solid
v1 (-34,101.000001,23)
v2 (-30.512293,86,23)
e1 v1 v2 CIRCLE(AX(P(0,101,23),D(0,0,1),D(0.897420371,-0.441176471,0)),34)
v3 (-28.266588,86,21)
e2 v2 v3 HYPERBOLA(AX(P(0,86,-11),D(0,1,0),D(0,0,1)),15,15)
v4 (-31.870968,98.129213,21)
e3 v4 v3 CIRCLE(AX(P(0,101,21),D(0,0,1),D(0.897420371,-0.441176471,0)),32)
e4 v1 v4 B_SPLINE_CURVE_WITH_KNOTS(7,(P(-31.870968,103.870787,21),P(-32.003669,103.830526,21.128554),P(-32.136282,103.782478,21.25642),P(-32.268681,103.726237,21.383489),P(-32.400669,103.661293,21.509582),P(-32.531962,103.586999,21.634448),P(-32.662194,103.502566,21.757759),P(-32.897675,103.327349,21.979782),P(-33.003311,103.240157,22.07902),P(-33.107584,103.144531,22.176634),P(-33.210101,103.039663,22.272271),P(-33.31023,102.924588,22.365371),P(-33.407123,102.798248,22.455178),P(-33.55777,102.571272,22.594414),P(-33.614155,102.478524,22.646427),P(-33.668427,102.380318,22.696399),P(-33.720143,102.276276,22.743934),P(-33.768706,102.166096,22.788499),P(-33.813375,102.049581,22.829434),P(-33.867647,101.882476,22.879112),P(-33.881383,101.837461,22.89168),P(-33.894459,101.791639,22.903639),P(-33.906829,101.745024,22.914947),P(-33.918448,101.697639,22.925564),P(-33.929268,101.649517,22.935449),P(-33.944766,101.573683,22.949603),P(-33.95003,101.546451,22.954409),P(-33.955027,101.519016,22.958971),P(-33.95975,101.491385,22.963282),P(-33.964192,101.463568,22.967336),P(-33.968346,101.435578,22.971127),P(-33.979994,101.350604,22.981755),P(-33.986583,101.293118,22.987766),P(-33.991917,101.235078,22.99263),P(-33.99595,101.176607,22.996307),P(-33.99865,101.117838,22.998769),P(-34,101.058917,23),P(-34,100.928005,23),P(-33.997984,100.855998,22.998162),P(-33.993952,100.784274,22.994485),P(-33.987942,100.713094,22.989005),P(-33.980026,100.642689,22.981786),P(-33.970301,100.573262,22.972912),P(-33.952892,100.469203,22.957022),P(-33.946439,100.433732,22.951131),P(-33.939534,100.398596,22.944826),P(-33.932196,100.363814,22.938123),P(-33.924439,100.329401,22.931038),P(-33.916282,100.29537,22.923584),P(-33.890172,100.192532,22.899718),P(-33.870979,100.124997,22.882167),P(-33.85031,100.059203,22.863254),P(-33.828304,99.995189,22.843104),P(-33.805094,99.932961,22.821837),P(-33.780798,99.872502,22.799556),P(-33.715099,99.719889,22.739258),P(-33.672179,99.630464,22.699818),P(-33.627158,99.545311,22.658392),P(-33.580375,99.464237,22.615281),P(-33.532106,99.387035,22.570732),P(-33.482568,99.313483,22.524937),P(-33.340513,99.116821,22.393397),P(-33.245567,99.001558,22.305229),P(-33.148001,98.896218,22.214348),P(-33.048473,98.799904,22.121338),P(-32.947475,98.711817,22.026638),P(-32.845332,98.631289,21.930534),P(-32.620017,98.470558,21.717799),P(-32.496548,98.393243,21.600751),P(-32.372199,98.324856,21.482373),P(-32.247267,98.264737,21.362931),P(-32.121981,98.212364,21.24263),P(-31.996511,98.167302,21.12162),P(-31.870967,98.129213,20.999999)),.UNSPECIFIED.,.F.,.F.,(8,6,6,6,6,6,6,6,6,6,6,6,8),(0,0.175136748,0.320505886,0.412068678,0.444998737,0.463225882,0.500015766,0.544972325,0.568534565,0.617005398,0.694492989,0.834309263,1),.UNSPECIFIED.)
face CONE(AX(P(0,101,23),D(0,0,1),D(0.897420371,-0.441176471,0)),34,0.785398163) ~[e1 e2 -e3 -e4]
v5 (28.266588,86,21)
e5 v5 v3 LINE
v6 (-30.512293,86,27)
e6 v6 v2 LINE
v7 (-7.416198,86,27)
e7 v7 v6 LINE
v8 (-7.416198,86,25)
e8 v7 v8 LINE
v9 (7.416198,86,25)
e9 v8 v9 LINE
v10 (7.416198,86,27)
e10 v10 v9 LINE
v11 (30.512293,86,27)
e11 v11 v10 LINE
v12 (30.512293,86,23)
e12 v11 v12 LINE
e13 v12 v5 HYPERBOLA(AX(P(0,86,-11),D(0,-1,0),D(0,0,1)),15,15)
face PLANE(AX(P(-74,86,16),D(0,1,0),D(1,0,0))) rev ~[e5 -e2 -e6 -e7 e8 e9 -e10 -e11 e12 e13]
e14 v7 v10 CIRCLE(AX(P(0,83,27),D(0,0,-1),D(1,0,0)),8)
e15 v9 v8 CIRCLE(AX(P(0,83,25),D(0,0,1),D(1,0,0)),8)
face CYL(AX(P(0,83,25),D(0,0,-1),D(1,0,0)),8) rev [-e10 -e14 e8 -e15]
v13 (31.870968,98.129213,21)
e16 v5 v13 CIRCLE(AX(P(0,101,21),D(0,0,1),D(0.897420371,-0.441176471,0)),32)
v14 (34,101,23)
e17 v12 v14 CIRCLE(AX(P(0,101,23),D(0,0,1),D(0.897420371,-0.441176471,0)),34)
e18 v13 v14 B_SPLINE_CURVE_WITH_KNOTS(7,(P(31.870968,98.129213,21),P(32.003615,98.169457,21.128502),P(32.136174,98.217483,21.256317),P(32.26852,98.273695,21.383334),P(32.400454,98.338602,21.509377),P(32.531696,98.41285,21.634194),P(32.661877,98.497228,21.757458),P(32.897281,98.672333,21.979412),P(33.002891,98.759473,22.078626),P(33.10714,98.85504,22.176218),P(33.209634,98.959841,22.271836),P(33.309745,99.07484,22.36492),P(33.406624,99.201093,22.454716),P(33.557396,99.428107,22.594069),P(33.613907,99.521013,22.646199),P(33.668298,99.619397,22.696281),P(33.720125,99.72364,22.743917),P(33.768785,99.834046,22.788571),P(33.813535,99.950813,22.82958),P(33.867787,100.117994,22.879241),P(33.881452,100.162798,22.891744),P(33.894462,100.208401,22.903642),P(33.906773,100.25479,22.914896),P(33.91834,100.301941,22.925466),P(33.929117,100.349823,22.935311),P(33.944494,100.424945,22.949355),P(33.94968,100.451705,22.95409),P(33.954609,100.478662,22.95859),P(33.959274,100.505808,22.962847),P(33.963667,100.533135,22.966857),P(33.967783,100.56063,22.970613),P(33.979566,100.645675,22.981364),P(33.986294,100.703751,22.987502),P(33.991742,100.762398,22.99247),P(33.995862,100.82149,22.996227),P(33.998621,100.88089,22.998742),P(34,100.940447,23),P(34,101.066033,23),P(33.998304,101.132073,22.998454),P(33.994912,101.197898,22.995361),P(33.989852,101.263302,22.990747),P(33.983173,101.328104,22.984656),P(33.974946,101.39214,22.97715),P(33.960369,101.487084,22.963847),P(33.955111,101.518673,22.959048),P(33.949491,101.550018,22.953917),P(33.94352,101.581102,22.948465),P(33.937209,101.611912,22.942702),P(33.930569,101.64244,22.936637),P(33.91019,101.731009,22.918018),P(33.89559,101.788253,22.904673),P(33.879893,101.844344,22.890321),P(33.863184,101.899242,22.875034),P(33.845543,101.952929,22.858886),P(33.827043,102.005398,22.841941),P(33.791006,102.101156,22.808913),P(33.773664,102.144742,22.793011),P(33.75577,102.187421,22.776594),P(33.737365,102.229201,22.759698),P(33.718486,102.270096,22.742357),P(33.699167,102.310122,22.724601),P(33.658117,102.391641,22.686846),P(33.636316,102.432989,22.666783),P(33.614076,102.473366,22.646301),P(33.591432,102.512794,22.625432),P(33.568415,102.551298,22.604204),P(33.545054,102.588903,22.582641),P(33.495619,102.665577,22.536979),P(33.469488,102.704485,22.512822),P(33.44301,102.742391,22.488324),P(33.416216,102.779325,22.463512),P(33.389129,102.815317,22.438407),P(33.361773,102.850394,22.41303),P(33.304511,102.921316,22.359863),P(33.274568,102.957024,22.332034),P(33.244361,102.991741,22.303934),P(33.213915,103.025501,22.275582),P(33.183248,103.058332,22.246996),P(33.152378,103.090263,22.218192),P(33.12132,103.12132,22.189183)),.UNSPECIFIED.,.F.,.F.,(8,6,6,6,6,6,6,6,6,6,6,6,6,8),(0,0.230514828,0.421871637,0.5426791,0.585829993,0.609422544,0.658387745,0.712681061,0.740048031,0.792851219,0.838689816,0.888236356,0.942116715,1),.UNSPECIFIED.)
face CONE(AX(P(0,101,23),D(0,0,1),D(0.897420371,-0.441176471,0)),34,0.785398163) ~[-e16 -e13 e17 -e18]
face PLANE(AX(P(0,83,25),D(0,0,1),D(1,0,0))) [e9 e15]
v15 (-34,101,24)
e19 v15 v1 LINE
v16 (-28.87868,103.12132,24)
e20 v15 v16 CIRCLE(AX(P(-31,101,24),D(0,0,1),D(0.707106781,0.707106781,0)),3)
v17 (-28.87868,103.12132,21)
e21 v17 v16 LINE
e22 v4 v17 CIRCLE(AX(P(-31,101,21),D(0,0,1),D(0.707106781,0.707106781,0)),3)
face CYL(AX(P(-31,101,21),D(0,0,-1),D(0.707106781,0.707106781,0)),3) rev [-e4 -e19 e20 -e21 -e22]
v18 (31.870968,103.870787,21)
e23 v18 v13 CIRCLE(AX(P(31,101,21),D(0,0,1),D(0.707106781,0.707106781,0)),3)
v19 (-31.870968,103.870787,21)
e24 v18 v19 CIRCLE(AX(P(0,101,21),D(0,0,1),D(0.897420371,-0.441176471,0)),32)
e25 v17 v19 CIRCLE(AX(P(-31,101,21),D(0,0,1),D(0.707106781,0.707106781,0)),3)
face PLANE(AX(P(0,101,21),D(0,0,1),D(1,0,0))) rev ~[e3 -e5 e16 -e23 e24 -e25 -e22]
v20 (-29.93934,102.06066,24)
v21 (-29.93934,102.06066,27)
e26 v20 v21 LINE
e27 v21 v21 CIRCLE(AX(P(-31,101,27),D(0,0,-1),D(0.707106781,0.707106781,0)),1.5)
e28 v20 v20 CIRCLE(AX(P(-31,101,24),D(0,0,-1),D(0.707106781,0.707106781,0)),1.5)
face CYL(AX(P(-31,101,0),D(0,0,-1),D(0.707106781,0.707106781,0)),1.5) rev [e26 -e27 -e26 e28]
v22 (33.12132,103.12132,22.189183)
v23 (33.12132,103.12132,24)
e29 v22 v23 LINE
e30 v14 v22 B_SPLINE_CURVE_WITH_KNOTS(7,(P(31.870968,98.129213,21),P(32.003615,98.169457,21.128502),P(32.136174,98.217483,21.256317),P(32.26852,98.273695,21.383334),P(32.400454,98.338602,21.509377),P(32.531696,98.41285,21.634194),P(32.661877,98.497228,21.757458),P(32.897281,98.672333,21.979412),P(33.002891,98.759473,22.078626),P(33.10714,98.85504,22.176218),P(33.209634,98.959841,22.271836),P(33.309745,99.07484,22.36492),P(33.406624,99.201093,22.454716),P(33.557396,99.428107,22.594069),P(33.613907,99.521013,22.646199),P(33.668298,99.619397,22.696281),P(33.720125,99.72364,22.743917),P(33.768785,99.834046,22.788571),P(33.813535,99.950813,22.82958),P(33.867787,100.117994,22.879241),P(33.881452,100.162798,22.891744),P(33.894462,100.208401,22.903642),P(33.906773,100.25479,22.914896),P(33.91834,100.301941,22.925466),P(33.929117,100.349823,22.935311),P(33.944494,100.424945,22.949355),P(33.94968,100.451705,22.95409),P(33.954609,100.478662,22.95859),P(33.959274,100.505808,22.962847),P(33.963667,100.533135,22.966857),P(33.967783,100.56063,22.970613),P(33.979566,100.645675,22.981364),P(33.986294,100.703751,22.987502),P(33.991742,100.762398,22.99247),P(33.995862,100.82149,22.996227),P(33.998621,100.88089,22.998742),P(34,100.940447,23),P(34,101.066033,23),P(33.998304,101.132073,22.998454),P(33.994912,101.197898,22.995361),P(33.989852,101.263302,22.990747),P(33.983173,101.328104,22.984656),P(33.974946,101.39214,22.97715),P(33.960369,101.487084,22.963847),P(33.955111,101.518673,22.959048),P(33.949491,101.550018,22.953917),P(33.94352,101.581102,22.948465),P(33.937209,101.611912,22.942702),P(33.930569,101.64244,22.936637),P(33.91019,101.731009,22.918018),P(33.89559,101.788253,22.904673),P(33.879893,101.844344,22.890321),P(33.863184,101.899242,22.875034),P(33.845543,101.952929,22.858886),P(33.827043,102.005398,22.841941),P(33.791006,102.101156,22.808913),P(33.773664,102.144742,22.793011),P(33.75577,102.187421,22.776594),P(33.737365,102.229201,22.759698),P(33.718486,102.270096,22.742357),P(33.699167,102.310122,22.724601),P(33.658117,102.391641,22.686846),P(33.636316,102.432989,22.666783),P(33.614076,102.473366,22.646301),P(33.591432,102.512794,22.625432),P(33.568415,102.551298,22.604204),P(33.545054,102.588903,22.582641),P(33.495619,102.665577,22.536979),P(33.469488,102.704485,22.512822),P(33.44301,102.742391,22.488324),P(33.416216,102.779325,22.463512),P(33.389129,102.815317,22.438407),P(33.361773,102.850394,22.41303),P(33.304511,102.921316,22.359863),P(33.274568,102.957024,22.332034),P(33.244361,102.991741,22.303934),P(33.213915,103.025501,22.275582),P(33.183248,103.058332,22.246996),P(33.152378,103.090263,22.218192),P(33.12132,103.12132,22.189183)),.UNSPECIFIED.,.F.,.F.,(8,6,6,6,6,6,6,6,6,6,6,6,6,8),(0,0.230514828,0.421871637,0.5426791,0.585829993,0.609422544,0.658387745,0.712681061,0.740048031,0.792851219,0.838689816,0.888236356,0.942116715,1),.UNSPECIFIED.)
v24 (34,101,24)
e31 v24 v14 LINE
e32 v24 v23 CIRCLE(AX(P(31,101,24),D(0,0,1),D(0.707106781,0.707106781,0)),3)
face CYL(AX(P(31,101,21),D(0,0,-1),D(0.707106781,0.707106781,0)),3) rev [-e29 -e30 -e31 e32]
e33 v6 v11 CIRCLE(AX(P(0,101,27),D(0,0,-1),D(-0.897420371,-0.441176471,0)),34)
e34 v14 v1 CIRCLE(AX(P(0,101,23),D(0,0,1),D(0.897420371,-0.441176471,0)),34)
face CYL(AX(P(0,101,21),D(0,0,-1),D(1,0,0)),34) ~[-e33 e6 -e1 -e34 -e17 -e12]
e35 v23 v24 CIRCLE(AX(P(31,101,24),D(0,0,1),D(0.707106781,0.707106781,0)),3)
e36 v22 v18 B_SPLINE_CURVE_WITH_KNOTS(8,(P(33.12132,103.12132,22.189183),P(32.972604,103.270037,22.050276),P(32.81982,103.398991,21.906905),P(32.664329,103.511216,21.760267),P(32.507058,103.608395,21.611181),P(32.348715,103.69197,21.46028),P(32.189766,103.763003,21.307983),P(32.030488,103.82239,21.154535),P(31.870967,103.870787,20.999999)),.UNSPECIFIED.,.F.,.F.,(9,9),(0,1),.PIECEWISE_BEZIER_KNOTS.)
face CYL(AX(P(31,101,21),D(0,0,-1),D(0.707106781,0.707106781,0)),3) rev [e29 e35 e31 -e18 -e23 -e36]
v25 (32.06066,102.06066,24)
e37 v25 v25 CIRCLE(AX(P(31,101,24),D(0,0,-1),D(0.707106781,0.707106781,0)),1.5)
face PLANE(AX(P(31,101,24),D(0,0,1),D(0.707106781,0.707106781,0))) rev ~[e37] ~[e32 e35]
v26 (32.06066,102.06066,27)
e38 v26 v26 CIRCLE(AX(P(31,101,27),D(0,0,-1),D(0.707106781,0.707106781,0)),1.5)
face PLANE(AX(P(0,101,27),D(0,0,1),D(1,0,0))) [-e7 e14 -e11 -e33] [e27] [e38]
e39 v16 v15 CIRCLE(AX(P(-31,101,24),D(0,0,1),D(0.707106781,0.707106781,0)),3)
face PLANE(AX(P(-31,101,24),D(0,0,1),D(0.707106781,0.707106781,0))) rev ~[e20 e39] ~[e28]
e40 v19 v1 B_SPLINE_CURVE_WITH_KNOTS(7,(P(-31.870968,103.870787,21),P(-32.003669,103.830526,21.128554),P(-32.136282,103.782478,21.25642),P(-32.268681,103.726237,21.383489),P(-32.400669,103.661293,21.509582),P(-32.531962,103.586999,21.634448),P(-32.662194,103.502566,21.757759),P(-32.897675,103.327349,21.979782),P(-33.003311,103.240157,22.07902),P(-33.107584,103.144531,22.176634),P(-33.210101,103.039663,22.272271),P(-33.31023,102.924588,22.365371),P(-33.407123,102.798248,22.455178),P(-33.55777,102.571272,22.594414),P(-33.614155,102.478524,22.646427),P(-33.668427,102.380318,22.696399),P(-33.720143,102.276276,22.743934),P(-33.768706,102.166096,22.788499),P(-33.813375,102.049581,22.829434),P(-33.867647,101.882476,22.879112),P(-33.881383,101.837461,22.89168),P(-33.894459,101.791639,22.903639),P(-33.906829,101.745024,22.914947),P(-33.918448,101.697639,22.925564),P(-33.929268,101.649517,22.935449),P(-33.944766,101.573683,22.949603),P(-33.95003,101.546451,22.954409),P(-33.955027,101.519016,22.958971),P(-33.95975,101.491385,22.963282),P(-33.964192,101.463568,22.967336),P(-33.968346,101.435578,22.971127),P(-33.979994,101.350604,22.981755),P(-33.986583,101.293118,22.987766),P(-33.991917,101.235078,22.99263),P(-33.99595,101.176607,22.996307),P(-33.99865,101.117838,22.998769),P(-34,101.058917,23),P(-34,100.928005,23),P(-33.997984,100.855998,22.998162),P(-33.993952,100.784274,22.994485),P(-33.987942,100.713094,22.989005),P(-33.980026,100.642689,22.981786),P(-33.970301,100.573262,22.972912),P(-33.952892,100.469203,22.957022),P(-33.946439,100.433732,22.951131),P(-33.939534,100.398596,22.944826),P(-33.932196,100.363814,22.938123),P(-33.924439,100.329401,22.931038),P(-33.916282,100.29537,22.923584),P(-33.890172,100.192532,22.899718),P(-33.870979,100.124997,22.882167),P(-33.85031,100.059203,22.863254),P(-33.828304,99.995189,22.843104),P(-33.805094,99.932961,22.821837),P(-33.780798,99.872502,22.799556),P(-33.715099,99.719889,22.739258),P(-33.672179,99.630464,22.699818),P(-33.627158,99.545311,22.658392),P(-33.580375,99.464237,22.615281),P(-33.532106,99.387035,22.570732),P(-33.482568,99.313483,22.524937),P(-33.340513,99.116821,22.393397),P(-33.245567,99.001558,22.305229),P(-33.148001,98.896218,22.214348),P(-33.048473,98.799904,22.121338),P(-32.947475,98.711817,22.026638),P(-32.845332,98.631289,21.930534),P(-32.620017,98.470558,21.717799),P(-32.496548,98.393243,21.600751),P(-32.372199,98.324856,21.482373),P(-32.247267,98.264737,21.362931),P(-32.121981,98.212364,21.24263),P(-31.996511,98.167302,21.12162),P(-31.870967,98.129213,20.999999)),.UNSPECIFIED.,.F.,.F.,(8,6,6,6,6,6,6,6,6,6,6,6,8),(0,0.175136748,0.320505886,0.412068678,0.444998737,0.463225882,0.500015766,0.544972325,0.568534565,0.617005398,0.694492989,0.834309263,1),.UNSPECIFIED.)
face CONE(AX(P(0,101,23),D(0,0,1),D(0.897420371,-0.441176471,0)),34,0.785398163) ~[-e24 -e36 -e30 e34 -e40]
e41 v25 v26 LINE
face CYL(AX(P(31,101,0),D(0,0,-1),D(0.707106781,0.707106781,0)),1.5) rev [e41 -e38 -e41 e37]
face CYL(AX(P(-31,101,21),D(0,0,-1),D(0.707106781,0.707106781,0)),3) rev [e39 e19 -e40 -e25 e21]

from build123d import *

# Parameters (mm, degrees)
CYLINDER1964_R               = 1.5
CYLINDER1964_DEPTH           = 50
CYLINDER1964_PLACEMENT_ANGLE = 45
CYLINDER1965_R               = 1.5
CYLINDER1965_DEPTH           = 50
CYLINDER1965_PLACEMENT_ANGLE = 45
CYLINDER1963_R               = 1.5
CYLINDER1963_DEPTH           = 50
CYLINDER1963_PLACEMENT_ANGLE = 45
CYLINDER1962_R               = 1.5
CYLINDER1962_DEPTH           = 50
CYLINDER1962_PLACEMENT_ANGLE = 45
CYLINDER1967_R               = 1.5
CYLINDER1967_DEPTH           = 50
CYLINDER1967_PLACEMENT_ANGLE = 45
CYLINDER1966_R               = 1.5
CYLINDER1966_DEPTH           = 50
CYLINDER1966_PLACEMENT_ANGLE = 45
CYLINDER1954_R               = 3
CYLINDER1954_DEPTH           = 3
CYLINDER1954_PLACEMENT_ANGLE = 45
CYLINDER1953_R               = 3
CYLINDER1953_DEPTH           = 3
CYLINDER1953_PLACEMENT_ANGLE = 45
CYLINDER1955_R               = 3
CYLINDER1955_DEPTH           = 3
CYLINDER1955_PLACEMENT_ANGLE = 45
CYLINDER1952_R               = 3
CYLINDER1952_DEPTH           = 3
CYLINDER1952_PLACEMENT_ANGLE = 45
CYLINDER1950_R               = 3
CYLINDER1950_DEPTH           = 3
CYLINDER1950_PLACEMENT_ANGLE = 45
CYLINDER1951_R               = 3
CYLINDER1951_DEPTH           = 3
CYLINDER1951_PLACEMENT_ANGLE = 45
CYLINDER1936_R               = 8
CYLINDER1936_DEPTH           = 6
BOX803_W                     = 148
BOX803_H                     = 40
BOX803_DEPTH                 = 40
CYLINDER1935_R               = 34
CYLINDER1935_DEPTH           = 6
CHAMFER065_SIZE              = 2


with BuildPart() as v_lec1964:
    # Cylinder1964 → Cylinder1964 (new body)
    with BuildSketch(Plane.XY):
        Circle(CYLINDER1964_R)
    extrude(amount=CYLINDER1964_DEPTH)


with BuildPart() as v_lec1964_1:
    # Cylinder1964 placement: moved
    add(v_lec1964.part.moved(Location((20, 137, 0))).rotate(Axis((20, 137, 0), (0, 0, 1)), CYLINDER1964_PLACEMENT_ANGLE))


with BuildPart() as compound991:
    # Cylinder1965 → Cylinder1965 (new body)
    with BuildSketch(Plane.XY):
        Circle(CYLINDER1965_R)
    extrude(amount=CYLINDER1965_DEPTH)


with BuildPart() as compound991_1:
    # Cylinder1965 placement: moved
    add(compound991.part.moved(Location((-20, 137, 0))).rotate(Axis((-20, 137, 0), (0, 0, 1)), CYLINDER1965_PLACEMENT_ANGLE))

    # Compound991: union Válec1964
    add(v_lec1964_1.part)


with BuildPart() as v_lec1963:
    # Cylinder1963 → Cylinder1963 (new body)
    with BuildSketch(Plane.XY):
        Circle(CYLINDER1963_R)
    extrude(amount=CYLINDER1963_DEPTH)


with BuildPart() as v_lec1963_1:
    # Cylinder1963 placement: moved
    add(v_lec1963.part.moved(Location((31, 131, 0))).rotate(Axis((31, 131, 0), (0, 0, 1)), CYLINDER1963_PLACEMENT_ANGLE))


with BuildPart() as compound992:
    # Cylinder1962 → Cylinder1962 (new body)
    with BuildSketch(Plane.XY):
        Circle(CYLINDER1962_R)
    extrude(amount=CYLINDER1962_DEPTH)


with BuildPart() as compound992_1:
    # Cylinder1962 placement: moved
    add(compound992.part.moved(Location((-31, 131, 0))).rotate(Axis((-31, 131, 0), (0, 0, 1)), CYLINDER1962_PLACEMENT_ANGLE))

    # Compound992: union Válec1963
    add(v_lec1963_1.part)


with BuildPart() as v_lec1967:
    # Cylinder1967 → Cylinder1967 (new body)
    with BuildSketch(Plane.XY):
        Circle(CYLINDER1967_R)
    extrude(amount=CYLINDER1967_DEPTH)


with BuildPart() as v_lec1967_1:
    # Cylinder1967 placement: moved
    add(v_lec1967.part.moved(Location((31, 101, 0))).rotate(Axis((31, 101, 0), (0, 0, 1)), CYLINDER1967_PLACEMENT_ANGLE))


with BuildPart() as compound994:
    # Cylinder1966 → Cylinder1966 (new body)
    with BuildSketch(Plane.XY):
        Circle(CYLINDER1966_R)
    extrude(amount=CYLINDER1966_DEPTH)


with BuildPart() as compound994_1:
    # Cylinder1966 placement: moved
    add(compound994.part.moved(Location((-31, 101, 0))).rotate(Axis((-31, 101, 0), (0, 0, 1)), CYLINDER1966_PLACEMENT_ANGLE))

    # Compound993: union Válec1967
    add(v_lec1967_1.part)

    # Compound994: union Compound991, Compound992
    add(compound991_1.part)
    add(compound992_1.part)


with BuildPart() as v_lec1954:
    # Cylinder1954 → Cylinder1954 (new body)
    with BuildSketch(Plane.XY):
        Circle(CYLINDER1954_R)
    extrude(amount=CYLINDER1954_DEPTH)


with BuildPart() as v_lec1954_1:
    # Cylinder1954 placement: moved
    add(v_lec1954.part.moved(Location((31, 131, 0))).rotate(Axis((31, 131, 0), (0, 0, 1)), CYLINDER1954_PLACEMENT_ANGLE))


with BuildPart() as compound982:
    # Cylinder1953 → Cylinder1953 (new body)
    with BuildSketch(Plane.XY):
        Circle(CYLINDER1953_R)
    extrude(amount=CYLINDER1953_DEPTH)


with BuildPart() as compound982_1:
    # Cylinder1953 placement: moved
    add(compound982.part.moved(Location((-31, 131, 0))).rotate(Axis((-31, 131, 0), (0, 0, 1)), CYLINDER1953_PLACEMENT_ANGLE))

    # Compound982: union Válec1954
    add(v_lec1954_1.part)


with BuildPart() as compound982_2:
    # Compound982 placement: moved
    add(compound982_1.part.moved(Location((0, 0, 25))))


with BuildPart() as v_lec1955:
    # Cylinder1955 → Cylinder1955 (new body)
    with BuildSketch(Plane.XY):
        Circle(CYLINDER1955_R)
    extrude(amount=CYLINDER1955_DEPTH)


with BuildPart() as v_lec1955_1:
    # Cylinder1955 placement: moved
    add(v_lec1955.part.moved(Location((31, 101, 0))).rotate(Axis((31, 101, 0), (0, 0, 1)), CYLINDER1955_PLACEMENT_ANGLE))


with BuildPart() as compound984:
    # Cylinder1952 → Cylinder1952 (new body)
    with BuildSketch(Plane.XY):
        Circle(CYLINDER1952_R)
    extrude(amount=CYLINDER1952_DEPTH)


with BuildPart() as compound984_1:
    # Cylinder1952 placement: moved
    add(compound984.part.moved(Location((-31, 101, 0))).rotate(Axis((-31, 101, 0), (0, 0, 1)), CYLINDER1952_PLACEMENT_ANGLE))

    # Compound984: union Válec1955
    add(v_lec1955_1.part)


with BuildPart() as compound984_2:
    # Compound984 placement: moved
    add(compound984_1.part.moved(Location((0, 0, 21))))


with BuildPart() as v_lec1950:
    # Cylinder1950 → Cylinder1950 (new body)
    with BuildSketch(Plane.XY):
        Circle(CYLINDER1950_R)
    extrude(amount=CYLINDER1950_DEPTH)


with BuildPart() as v_lec1950_1:
    # Cylinder1950 placement: moved
    add(v_lec1950.part.moved(Location((20, 137, 0))).rotate(Axis((20, 137, 0), (0, 0, 1)), CYLINDER1950_PLACEMENT_ANGLE))


with BuildPart() as compound985:
    # Cylinder1951 → Cylinder1951 (new body)
    with BuildSketch(Plane.XY):
        Circle(CYLINDER1951_R)
    extrude(amount=CYLINDER1951_DEPTH)


with BuildPart() as compound985_1:
    # Cylinder1951 placement: moved
    add(compound985.part.moved(Location((-20, 137, 0))).rotate(Axis((-20, 137, 0), (0, 0, 1)), CYLINDER1951_PLACEMENT_ANGLE))

    # Compound983: union Válec1950
    add(v_lec1950_1.part)


with BuildPart() as compound985_2:
    # Compound983 placement: moved
    add(compound985_1.part.moved(Location((0, 0, 25))))

    # Compound985: union Compound982, Compound984
    add(compound982_2.part)
    add(compound984_2.part)


with BuildPart() as v_lec1936:
    # Cylinder1936 → Cylinder1936 (new body)
    with BuildSketch(Plane(origin=(0, 83, 25), x_dir=(1, 0, 0), z_dir=(0, 0, 1))):
        Circle(CYLINDER1936_R)
    extrude(amount=CYLINDER1936_DEPTH)


with BuildPart() as krychle803:
    # Box803 → Box803 (new body)
    with BuildSketch(Plane(origin=(-74, 46, 16), x_dir=(1, 0, 0), z_dir=(0, 0, 1))):
        with Locations((74, 20)):
            Rectangle(BOX803_W, BOX803_H)
    extrude(amount=BOX803_DEPTH)


with BuildPart() as cut622:
    # Cylinder1935 → Cylinder1935 (new body)
    with BuildSketch(Plane(origin=(0, 101, 21), x_dir=(1, 0, 0), z_dir=(0, 0, 1))):
        Circle(CYLINDER1935_R)
    extrude(amount=CYLINDER1935_DEPTH)

    # Cut615: cut Krychle803
    add(krychle803.part, mode=Mode.SUBTRACT)

    # Cut616: cut Válec1936
    add(v_lec1936.part, mode=Mode.SUBTRACT)

    # Chamfer065
    chamfer065_edges = [cut622.edges().sort_by_distance(p)[0] for p in [
        (-7.700067, 134.116597, 21),
    ]]
    chamfer(chamfer065_edges, length=CHAMFER065_SIZE)

    # Cut619: cut Compound985
    add(compound985_2.part, mode=Mode.SUBTRACT)

    # Cut622: cut Compound994
    add(compound994_1.part, mode=Mode.SUBTRACT)


solid = cut622.part
